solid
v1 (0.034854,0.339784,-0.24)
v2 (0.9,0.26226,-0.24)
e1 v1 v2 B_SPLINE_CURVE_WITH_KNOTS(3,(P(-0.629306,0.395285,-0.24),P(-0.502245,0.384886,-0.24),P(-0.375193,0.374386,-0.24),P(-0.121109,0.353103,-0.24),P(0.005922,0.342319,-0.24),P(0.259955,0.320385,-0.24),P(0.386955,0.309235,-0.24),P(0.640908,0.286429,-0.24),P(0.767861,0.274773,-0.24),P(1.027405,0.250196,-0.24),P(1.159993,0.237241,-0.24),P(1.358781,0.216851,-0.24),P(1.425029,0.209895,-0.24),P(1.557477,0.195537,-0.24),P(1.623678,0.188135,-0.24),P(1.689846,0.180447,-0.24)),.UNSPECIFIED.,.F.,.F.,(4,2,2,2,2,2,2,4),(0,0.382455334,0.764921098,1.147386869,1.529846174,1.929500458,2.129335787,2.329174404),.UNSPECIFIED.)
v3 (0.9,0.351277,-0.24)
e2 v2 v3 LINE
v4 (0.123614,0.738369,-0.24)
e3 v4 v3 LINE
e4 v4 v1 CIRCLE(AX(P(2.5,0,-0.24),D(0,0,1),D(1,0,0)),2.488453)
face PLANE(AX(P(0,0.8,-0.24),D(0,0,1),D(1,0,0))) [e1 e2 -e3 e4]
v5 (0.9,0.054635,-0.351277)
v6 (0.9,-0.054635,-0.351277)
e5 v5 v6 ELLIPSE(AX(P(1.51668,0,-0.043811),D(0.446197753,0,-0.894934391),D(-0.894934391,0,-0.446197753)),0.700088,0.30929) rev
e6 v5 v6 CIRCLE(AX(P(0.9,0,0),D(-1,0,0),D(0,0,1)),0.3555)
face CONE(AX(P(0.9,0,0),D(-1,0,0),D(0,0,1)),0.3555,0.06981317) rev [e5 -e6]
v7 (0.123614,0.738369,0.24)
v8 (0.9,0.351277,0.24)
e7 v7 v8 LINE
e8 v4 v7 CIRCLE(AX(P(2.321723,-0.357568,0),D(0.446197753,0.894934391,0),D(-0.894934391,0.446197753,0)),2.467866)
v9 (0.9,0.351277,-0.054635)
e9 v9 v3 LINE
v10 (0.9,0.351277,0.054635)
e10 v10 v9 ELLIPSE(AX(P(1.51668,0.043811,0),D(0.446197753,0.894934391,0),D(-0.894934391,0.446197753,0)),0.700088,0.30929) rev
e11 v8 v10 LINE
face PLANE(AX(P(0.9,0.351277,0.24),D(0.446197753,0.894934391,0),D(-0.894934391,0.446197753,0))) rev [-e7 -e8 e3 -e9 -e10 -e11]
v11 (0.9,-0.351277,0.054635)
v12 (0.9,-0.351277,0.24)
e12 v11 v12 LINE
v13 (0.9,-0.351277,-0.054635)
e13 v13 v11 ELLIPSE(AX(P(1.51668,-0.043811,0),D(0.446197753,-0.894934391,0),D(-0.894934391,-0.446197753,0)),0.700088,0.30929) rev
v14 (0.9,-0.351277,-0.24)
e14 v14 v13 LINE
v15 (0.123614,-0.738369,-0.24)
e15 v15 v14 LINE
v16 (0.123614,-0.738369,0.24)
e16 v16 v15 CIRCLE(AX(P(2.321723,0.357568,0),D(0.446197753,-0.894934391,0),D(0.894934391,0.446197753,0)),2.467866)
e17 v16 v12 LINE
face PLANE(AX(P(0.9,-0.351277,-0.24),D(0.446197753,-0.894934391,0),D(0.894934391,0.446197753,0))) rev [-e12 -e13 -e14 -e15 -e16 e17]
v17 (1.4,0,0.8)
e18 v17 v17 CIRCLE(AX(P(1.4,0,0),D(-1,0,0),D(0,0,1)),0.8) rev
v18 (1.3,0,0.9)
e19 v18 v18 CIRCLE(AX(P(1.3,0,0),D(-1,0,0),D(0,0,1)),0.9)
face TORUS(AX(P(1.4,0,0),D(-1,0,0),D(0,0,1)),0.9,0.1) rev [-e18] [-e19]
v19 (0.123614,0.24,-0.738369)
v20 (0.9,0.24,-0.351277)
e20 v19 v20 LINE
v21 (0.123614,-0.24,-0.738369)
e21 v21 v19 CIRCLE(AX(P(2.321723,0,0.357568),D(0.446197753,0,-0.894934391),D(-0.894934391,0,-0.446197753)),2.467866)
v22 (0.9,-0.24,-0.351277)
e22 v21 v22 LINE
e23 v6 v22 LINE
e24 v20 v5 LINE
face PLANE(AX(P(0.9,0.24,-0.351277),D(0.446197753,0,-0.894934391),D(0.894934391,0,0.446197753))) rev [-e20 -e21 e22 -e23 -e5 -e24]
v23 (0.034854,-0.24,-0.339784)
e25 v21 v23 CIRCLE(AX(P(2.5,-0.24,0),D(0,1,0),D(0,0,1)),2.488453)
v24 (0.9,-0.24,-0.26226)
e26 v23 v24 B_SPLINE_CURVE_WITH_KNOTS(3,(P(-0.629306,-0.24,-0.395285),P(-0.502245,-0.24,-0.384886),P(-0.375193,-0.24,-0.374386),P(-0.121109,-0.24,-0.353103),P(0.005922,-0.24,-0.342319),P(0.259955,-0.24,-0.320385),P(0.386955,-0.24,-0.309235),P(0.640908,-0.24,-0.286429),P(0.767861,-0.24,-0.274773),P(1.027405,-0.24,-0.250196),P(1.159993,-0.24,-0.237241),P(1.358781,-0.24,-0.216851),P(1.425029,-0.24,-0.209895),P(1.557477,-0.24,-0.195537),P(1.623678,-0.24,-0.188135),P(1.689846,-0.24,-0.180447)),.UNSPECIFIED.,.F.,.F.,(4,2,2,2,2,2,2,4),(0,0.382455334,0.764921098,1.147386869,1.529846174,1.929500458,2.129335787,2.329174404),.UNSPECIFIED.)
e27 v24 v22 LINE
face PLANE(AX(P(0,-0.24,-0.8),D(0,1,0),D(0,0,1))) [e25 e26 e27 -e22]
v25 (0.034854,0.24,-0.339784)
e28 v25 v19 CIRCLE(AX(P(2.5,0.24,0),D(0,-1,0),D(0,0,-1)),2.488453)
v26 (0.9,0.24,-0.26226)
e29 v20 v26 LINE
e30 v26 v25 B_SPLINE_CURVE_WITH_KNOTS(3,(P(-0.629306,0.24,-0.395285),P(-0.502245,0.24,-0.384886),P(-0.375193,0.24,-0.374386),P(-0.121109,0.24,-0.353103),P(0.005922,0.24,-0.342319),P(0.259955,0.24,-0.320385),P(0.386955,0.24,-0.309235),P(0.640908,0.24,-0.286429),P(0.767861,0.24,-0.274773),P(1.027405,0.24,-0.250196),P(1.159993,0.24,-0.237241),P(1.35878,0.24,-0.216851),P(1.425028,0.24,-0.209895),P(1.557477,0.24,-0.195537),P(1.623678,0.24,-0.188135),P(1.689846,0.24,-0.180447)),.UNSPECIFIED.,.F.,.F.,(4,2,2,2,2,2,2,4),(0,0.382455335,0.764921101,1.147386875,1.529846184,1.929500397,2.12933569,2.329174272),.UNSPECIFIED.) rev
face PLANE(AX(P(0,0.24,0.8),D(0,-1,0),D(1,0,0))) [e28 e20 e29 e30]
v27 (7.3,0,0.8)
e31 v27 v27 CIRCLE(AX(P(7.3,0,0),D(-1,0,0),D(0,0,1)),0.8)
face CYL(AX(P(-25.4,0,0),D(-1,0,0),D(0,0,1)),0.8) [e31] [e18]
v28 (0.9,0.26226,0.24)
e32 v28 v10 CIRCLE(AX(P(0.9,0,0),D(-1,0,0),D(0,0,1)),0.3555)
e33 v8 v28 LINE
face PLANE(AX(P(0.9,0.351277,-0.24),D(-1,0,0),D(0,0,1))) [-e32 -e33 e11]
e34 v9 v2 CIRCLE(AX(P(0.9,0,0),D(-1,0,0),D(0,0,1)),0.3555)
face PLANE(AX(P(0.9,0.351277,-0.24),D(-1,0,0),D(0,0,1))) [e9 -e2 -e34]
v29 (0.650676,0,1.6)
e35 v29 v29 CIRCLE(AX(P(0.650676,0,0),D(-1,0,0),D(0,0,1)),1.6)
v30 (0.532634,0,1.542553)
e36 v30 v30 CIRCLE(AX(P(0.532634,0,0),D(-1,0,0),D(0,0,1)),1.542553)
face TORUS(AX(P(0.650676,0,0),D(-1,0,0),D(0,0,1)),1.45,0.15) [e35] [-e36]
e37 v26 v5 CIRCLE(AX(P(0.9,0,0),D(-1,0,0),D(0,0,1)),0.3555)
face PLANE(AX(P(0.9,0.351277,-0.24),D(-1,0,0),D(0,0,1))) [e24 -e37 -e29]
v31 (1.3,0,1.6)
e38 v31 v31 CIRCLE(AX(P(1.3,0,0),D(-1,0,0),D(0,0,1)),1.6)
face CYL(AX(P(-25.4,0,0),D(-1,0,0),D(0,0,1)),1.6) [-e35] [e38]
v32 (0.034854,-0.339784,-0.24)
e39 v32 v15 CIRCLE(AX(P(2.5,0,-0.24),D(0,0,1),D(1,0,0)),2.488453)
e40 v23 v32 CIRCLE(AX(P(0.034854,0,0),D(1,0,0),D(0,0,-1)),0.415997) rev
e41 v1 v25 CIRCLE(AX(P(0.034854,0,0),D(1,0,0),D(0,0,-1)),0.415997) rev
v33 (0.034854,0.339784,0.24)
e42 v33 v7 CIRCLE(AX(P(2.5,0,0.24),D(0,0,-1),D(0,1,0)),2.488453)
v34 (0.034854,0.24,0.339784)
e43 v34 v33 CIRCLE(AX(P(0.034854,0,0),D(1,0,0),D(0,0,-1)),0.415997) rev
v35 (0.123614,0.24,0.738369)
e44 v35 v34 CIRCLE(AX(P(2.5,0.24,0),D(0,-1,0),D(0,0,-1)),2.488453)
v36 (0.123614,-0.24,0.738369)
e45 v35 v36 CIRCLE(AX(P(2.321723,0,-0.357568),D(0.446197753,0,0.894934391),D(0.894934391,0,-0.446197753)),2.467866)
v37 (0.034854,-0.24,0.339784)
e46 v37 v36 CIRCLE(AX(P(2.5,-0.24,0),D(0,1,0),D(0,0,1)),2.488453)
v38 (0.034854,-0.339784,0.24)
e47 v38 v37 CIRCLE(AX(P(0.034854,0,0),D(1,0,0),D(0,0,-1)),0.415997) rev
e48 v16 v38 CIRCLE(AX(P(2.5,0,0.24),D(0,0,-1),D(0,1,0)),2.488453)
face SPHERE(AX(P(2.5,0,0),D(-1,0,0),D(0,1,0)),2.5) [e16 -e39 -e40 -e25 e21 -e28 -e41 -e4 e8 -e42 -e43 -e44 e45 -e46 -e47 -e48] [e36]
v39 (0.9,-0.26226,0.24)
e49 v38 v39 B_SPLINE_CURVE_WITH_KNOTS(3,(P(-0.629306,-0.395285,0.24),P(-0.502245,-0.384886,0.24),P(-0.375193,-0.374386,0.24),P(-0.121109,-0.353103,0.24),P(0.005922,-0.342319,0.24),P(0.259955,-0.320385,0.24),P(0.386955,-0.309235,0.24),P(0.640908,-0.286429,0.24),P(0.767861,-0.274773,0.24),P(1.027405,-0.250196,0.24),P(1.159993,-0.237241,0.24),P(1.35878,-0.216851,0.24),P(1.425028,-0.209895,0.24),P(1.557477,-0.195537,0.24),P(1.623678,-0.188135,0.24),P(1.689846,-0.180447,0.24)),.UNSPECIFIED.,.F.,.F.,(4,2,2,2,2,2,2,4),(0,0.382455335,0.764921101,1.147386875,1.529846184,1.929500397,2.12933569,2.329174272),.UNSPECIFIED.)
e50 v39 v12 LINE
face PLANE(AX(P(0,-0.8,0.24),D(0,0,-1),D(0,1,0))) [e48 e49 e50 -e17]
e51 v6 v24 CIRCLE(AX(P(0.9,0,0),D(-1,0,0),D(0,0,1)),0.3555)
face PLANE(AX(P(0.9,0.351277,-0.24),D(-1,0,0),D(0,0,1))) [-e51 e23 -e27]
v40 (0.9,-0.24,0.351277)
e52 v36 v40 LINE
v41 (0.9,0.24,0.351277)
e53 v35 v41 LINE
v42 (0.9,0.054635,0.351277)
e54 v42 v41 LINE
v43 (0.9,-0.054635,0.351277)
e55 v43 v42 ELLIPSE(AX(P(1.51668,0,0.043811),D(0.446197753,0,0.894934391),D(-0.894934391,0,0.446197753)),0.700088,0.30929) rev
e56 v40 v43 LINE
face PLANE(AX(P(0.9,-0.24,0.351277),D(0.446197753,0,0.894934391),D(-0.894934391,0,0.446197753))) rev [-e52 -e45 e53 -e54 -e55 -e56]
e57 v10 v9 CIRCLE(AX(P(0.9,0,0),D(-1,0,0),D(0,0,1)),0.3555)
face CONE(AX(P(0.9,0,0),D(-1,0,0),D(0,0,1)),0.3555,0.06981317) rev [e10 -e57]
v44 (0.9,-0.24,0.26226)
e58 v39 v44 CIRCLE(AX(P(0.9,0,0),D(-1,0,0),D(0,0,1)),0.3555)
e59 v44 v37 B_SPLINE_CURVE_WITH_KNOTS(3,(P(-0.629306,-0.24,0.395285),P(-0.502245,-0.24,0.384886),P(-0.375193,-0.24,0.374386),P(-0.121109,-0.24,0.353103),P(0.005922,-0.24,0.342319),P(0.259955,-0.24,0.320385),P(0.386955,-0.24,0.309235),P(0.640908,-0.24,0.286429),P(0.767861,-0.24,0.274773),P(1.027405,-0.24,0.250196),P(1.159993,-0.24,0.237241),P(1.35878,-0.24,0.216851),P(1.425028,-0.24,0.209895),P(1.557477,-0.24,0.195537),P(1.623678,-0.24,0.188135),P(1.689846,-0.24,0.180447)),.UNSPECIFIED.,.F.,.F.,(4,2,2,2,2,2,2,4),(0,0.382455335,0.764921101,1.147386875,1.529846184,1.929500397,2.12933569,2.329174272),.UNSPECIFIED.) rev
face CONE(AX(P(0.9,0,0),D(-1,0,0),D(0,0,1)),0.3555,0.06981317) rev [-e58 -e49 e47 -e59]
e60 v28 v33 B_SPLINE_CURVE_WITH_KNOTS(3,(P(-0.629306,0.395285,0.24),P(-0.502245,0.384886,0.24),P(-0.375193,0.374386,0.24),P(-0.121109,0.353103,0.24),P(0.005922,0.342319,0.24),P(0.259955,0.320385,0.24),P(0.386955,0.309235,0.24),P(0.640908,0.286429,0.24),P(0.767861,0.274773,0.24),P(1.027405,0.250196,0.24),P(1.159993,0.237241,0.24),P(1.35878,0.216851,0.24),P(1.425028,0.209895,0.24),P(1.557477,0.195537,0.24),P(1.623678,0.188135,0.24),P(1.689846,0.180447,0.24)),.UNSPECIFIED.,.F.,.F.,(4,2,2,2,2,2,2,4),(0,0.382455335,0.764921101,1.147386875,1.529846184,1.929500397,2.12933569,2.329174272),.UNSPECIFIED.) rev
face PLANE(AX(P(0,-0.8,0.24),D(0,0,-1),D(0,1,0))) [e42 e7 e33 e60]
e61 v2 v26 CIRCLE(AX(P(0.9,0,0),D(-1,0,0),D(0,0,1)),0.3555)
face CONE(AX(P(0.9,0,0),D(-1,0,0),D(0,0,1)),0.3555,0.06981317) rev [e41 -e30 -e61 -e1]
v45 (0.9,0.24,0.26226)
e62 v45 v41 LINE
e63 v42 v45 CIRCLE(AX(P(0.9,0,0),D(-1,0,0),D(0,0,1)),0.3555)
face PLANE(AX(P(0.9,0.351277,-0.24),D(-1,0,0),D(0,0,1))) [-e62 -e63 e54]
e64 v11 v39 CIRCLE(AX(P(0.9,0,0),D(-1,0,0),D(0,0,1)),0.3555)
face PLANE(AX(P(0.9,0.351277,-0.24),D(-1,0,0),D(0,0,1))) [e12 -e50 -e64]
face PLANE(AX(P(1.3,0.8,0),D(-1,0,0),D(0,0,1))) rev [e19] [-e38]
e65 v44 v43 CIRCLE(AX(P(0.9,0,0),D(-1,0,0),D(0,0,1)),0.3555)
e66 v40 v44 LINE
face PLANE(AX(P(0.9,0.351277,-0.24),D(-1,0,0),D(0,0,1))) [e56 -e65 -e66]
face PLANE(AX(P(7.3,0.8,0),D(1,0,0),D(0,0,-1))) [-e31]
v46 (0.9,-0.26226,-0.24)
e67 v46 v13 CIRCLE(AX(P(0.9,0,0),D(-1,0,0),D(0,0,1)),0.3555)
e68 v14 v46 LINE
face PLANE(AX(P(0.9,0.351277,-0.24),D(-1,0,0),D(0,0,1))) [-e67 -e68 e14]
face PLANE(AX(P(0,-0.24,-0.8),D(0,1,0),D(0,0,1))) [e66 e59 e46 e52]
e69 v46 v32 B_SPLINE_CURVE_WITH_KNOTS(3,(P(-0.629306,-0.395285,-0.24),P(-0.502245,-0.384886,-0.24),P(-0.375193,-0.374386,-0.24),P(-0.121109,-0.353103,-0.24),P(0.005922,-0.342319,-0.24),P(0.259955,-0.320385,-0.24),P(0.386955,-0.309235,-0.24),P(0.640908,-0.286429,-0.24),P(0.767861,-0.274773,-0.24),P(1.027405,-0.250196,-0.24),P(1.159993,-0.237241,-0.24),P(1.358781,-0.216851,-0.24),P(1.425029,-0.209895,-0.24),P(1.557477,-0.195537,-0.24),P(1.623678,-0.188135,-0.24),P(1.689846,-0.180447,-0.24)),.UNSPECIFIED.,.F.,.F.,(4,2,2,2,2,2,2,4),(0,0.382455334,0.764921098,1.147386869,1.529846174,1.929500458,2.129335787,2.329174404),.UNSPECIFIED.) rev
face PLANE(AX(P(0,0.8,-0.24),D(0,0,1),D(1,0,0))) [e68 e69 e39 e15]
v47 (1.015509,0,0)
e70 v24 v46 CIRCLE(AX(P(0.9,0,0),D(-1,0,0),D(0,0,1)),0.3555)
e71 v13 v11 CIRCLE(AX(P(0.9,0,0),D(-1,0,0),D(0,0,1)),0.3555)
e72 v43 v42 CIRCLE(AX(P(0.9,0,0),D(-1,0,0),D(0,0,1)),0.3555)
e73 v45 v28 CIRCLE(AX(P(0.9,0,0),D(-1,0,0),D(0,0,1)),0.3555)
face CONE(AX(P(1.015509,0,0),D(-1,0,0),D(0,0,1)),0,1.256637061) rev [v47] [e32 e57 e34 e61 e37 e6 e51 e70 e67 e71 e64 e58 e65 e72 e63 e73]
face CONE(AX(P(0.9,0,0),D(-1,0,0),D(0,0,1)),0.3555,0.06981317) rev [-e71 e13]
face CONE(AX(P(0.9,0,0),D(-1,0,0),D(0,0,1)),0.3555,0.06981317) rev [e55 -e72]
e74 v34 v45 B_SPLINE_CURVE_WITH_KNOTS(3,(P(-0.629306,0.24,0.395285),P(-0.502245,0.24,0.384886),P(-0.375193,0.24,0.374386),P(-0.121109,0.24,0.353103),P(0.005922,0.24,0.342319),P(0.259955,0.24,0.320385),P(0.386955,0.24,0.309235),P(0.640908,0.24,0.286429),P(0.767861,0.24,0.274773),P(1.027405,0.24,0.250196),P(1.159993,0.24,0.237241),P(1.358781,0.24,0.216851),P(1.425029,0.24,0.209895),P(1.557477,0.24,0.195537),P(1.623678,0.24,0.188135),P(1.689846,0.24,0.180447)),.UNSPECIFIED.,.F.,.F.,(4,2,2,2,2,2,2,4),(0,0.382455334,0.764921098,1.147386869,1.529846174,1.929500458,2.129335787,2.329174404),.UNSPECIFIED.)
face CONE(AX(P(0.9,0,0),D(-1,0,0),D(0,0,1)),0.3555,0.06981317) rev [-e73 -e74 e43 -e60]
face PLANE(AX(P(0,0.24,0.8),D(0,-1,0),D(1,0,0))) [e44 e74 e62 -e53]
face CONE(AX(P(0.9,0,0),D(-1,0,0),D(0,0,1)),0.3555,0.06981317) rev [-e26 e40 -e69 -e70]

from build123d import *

# Parameters (mm, degrees)
FILLET1_R    = 0.1
SKETCH3_W    = 0.48
SKETCH3_H    = 1.6
SKETCH4_W    = 0.48
SKETCH4_H    = 0.702553256
RECPAT_COUNT = 2
RECPAT_ANGLE = 90


with BuildPart() as part:
    # BodySke → Base-Revolve (revolve)
    with BuildSketch(Plane.XY):
        with BuildLine():
            Line((1.3, 0.8), (1.3, 1.6))
            Line((1.3, 1.6), (0.650675799, 1.6))
            ThreePointArc((0.650675799, 1.6), (0.585036553, 1.584875829), (0.532633829, 1.542553191))
            ThreePointArc((0.532633829, 1.542553191), (0.136907172, 0.815960959), (0, 0))
            Line((0, 0), (7.3, 0))
            Line((7.3, 0), (7.3, 0.8))
            Line((7.3, 0.8), (1.3, 0.8))
        make_face()
    revolve(axis=Axis((-25.4, 0, 0), (1, 0, 0)))

    # Fillet1
    fillet1_edges = [part.edges().sort_by_distance(p)[0] for p in [
        (1.3, -0.8, 0),
    ]]
    fillet(fillet1_edges, radius=FILLET1_R)

    # Sketch3 → Recess section 0
    with BuildSketch(Plane(origin=(0, 0, 0), x_dir=(0, 0, -1), z_dir=(1, 0, 0))):
        Rectangle(SKETCH3_W, SKETCH3_H)
    # Sketch4 → Recess section 1
    with BuildSketch(Plane(origin=(0.9, 0, 0), x_dir=(0, 0, -1), z_dir=(1, 0, 0))):
        Rectangle(SKETCH4_W, SKETCH4_H)
    recess = loft(mode=Mode.SUBTRACT)

    # RecPat: Recess ×2 about axis
    recpat_axis = Axis((0, 0, 0), (1, 0, 0))
    for i in range(1, RECPAT_COUNT):
        add(recess.rotate(recpat_axis, i * RECPAT_ANGLE / (RECPAT_COUNT - 1)), mode=Mode.SUBTRACT)

    # RecCorSke → RecessCore (revolve, cut)
    with BuildSketch(Plane.XY):
        Polygon((0, 0), (0, 0.418434131), (0.9, 0.3555), (1.015508952, 0), align=None)
    revolve(axis=Axis((-3.175, 0, 0), (1, 0, 0)), mode=Mode.SUBTRACT)


solid = part.part
